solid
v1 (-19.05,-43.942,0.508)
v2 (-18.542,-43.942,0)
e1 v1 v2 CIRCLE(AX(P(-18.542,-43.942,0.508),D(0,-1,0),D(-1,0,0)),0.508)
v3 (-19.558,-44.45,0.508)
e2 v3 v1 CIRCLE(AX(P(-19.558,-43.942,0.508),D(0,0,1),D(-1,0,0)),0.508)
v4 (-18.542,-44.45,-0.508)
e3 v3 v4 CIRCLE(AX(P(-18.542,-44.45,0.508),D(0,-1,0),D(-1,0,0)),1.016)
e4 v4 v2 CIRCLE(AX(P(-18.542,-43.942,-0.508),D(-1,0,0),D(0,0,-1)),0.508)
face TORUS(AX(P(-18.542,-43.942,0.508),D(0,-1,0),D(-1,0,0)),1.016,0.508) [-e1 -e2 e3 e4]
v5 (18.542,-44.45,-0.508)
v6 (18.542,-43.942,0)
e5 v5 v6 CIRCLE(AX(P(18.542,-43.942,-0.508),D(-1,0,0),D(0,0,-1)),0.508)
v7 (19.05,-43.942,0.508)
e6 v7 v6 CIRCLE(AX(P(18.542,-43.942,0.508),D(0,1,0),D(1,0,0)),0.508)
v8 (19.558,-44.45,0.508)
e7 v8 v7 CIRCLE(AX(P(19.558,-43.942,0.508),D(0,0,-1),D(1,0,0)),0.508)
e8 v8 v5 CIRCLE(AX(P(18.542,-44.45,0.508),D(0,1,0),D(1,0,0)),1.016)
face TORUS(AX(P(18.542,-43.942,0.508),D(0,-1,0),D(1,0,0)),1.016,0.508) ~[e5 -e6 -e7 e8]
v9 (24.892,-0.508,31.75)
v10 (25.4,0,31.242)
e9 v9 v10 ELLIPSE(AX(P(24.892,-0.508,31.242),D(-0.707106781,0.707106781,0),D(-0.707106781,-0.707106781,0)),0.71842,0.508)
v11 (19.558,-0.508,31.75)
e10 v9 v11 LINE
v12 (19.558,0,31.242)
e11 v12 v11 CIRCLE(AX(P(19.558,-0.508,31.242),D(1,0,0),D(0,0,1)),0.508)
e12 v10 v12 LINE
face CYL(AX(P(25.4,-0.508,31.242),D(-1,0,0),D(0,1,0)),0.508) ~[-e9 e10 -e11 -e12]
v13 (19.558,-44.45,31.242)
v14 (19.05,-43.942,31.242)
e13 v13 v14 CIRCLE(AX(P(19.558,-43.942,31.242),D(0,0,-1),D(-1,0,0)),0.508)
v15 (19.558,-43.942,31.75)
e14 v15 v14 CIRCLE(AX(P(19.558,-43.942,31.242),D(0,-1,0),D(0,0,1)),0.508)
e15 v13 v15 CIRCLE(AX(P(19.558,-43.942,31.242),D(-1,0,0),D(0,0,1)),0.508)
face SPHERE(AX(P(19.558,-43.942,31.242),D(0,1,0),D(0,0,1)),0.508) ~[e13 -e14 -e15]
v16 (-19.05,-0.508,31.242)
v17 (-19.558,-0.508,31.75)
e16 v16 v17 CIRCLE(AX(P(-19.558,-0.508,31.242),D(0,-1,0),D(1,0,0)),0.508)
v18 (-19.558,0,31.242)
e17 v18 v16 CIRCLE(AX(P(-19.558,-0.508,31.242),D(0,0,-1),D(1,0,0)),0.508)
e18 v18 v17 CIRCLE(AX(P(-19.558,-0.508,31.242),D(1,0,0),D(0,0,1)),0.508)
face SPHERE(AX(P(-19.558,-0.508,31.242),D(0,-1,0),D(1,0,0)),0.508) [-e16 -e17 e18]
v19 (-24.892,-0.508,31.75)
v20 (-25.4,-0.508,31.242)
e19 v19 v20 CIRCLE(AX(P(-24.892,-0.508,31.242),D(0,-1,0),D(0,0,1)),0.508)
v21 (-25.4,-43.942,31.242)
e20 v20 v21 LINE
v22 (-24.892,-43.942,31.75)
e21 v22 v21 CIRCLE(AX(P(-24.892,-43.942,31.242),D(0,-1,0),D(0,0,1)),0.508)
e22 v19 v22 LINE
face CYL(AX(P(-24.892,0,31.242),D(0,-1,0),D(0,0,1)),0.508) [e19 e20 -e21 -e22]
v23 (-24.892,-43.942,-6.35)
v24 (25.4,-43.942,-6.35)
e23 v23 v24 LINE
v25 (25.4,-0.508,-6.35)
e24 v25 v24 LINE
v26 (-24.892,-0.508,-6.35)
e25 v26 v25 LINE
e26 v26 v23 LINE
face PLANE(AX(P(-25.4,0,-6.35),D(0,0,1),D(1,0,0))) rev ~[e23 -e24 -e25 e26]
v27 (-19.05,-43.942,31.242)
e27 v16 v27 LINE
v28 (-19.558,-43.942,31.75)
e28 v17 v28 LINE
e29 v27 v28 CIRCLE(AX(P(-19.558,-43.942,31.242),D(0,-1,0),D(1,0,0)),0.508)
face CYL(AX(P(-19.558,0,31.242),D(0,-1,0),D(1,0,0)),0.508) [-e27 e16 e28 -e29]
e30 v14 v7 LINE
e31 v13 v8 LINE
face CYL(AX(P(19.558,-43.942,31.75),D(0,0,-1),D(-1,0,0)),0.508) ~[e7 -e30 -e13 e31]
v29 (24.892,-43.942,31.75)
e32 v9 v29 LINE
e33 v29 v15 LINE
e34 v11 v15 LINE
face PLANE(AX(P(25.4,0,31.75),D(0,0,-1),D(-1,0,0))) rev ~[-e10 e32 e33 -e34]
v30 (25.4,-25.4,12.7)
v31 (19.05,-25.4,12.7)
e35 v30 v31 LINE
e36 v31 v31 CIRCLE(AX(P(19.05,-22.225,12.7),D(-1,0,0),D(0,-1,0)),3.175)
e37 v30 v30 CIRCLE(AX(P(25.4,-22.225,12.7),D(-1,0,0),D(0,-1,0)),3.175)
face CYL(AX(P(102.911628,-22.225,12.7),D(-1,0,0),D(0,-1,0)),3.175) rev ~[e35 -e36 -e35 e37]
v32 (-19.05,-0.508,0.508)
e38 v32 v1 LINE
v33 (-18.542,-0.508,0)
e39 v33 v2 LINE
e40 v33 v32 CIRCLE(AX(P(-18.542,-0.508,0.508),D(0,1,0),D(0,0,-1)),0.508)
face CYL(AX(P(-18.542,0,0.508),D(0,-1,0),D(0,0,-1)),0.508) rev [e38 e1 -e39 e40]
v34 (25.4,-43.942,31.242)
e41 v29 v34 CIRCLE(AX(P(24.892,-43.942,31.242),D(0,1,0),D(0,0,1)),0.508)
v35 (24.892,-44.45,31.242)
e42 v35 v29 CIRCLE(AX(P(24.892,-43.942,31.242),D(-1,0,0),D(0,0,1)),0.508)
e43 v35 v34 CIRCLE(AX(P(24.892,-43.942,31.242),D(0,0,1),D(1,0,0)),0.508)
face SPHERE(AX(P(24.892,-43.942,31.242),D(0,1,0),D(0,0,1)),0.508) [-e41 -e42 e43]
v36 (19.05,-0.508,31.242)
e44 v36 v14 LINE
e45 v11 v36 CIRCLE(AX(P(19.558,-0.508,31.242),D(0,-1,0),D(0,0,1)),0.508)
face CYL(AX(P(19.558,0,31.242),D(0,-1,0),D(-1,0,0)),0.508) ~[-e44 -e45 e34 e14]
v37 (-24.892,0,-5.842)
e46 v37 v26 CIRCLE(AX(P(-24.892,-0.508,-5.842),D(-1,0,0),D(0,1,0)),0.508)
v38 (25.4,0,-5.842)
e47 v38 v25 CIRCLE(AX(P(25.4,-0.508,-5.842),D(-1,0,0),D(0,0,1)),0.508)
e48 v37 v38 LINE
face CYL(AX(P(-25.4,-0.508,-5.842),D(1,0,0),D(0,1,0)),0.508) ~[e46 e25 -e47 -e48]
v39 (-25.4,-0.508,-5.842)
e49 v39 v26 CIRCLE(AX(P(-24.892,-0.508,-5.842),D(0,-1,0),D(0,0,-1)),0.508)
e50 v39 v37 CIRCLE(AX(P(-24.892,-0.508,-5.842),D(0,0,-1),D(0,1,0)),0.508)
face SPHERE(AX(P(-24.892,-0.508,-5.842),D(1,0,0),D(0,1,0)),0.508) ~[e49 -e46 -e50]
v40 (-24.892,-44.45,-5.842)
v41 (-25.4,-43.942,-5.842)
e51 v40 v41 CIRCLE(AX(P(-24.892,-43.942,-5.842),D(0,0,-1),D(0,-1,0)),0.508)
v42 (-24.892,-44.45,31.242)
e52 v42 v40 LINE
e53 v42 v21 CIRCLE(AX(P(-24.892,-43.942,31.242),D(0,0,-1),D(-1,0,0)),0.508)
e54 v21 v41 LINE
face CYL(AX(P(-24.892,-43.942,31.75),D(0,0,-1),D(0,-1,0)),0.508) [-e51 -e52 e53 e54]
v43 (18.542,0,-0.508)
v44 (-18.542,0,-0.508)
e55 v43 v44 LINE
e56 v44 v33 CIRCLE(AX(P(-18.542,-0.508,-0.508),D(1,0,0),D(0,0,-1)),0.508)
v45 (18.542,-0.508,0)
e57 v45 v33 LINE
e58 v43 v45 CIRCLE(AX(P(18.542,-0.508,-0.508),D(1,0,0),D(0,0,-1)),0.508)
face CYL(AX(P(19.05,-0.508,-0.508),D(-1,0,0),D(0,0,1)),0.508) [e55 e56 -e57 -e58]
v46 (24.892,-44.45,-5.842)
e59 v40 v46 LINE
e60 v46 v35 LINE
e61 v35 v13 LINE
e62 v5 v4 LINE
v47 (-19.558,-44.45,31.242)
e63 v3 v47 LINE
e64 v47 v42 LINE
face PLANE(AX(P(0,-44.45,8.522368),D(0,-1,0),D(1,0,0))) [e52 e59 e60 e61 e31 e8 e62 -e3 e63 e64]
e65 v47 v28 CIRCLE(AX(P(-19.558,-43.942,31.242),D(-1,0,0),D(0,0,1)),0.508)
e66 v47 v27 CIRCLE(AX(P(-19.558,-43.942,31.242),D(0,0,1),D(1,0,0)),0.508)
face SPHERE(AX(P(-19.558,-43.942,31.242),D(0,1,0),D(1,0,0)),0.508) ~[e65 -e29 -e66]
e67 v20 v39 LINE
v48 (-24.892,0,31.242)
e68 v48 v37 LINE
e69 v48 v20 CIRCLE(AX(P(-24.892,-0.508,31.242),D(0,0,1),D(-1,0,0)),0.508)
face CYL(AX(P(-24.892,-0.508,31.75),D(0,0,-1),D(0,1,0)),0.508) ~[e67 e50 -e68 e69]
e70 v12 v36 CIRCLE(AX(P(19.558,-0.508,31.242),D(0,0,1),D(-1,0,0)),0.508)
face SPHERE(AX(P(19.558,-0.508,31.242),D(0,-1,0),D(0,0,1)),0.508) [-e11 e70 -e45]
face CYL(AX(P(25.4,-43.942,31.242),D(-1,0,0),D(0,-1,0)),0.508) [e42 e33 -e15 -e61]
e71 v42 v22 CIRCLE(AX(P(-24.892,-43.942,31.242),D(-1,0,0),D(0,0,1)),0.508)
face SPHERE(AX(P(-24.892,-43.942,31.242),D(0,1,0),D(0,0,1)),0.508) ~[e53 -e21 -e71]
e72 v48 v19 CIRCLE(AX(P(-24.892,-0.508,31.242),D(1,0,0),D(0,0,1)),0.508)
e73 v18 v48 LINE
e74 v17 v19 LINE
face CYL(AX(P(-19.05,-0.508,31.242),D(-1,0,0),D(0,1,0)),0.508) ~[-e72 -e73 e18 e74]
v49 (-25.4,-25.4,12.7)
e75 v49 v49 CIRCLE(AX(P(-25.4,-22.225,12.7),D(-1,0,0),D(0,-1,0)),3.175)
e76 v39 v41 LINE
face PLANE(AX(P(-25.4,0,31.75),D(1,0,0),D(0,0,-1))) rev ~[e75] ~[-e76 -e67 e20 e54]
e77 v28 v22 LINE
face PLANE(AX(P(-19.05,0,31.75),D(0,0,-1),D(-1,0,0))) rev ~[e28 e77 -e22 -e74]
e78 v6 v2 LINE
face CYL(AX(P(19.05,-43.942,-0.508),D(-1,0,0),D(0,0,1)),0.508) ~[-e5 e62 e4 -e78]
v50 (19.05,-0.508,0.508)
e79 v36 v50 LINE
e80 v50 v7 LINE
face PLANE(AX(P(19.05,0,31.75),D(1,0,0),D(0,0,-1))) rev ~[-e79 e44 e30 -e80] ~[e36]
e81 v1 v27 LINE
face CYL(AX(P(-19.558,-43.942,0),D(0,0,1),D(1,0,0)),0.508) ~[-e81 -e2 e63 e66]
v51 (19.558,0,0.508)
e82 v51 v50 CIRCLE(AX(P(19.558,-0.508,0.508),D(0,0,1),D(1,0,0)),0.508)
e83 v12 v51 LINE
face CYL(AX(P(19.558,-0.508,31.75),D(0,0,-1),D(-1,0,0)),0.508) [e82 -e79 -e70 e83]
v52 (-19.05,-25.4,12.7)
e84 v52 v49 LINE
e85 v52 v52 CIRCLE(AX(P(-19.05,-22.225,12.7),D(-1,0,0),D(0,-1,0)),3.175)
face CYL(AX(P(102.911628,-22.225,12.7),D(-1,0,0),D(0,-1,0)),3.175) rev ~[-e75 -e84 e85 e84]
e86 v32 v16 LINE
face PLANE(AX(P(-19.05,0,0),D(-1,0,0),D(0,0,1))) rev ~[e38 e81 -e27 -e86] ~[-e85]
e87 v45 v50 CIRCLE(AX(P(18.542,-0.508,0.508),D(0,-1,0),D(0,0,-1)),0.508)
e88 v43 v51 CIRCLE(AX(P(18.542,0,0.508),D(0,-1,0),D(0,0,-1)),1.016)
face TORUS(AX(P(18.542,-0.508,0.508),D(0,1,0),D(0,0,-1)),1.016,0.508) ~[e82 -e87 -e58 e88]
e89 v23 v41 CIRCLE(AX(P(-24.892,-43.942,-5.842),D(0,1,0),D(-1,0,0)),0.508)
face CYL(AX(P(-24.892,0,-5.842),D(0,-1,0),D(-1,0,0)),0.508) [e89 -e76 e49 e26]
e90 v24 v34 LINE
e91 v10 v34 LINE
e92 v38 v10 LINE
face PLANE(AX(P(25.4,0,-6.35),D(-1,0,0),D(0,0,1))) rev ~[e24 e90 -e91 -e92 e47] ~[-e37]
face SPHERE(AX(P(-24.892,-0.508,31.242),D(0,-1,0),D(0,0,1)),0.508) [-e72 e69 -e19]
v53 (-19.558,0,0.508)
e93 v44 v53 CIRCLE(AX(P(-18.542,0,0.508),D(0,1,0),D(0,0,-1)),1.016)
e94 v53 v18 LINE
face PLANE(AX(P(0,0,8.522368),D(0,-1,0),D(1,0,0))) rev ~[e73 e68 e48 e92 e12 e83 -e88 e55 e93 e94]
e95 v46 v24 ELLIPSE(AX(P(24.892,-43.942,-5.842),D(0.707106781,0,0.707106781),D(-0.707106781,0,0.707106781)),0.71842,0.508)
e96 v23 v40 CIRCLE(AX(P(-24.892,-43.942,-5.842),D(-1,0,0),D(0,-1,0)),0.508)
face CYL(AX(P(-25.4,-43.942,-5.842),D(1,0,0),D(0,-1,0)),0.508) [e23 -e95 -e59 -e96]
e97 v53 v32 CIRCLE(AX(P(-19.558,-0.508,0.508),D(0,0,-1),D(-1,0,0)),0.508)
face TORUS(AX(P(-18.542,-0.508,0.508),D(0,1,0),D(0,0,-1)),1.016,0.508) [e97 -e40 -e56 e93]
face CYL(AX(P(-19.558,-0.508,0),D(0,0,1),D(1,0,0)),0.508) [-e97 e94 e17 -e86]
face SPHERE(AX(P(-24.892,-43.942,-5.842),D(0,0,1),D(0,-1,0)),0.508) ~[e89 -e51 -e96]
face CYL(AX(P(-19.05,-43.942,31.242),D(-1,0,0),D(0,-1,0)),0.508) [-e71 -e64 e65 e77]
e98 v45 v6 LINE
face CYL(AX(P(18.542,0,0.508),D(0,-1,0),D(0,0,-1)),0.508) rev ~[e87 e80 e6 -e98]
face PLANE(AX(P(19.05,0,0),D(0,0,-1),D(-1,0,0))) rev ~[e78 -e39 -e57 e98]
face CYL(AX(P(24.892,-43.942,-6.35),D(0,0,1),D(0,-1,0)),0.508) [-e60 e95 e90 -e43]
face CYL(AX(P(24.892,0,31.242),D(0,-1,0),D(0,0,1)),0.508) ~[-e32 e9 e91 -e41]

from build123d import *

# Parameters (mm, degrees)
F1_DEPTH = 44.45
F3_D     = 6.35
F4_R     = 0.508


with BuildPart() as f1:
    # F0 (on Front) → F1 (new body)
    with BuildSketch(Plane.XZ):
        Polygon((19.05, 0), (0, 0), (-19.05, 0), (-19.05, 31.75), (-25.4, 31.75), (-25.4, -6.35), (25.4, -6.35), (25.4, 31.75), (19.05, 31.75), align=None)
    extrude(amount=F1_DEPTH)

    # F3 (through all)
    with Locations(Plane.YZ.offset(25.4)):
        with Locations((-22.225, 12.7)):
            Hole(F3_D / 2)

    # F4
    f4_edges = [f1.edges().sort_by_distance(p)[0] for p in [
        (-19.05, -22.225, 31.75),
        (19.05, -22.225, 31.75),
        (25.4, -22.225, 31.75),
        (22.225, -44.45, 31.75),
        (22.225, 0, 31.75),
        (25.4, -44.45, 12.7),
        (19.05, -44.45, 15.875),
        (0, -44.45, 0),
        (19.05, -22.225, 0),
        (-19.05, -22.225, 0),
        (0, 0, 0),
        (-19.05, -44.45, 15.875),
        (-19.05, 0, 15.875),
        (-25.4, -22.225, 31.75),
        (-22.225, 0, 31.75),
        (-22.225, -44.45, 31.75),
        (-25.4, -44.45, 12.7),
        (0, -44.45, -6.35),
        (0, 0, -6.35),
        (-25.4, 0, 12.7),
        (19.05, 0, 15.875),
        (-25.4, -22.225, -6.35),
    ]]
    fillet(f4_edges, radius=F4_R)


solid = f1.part
